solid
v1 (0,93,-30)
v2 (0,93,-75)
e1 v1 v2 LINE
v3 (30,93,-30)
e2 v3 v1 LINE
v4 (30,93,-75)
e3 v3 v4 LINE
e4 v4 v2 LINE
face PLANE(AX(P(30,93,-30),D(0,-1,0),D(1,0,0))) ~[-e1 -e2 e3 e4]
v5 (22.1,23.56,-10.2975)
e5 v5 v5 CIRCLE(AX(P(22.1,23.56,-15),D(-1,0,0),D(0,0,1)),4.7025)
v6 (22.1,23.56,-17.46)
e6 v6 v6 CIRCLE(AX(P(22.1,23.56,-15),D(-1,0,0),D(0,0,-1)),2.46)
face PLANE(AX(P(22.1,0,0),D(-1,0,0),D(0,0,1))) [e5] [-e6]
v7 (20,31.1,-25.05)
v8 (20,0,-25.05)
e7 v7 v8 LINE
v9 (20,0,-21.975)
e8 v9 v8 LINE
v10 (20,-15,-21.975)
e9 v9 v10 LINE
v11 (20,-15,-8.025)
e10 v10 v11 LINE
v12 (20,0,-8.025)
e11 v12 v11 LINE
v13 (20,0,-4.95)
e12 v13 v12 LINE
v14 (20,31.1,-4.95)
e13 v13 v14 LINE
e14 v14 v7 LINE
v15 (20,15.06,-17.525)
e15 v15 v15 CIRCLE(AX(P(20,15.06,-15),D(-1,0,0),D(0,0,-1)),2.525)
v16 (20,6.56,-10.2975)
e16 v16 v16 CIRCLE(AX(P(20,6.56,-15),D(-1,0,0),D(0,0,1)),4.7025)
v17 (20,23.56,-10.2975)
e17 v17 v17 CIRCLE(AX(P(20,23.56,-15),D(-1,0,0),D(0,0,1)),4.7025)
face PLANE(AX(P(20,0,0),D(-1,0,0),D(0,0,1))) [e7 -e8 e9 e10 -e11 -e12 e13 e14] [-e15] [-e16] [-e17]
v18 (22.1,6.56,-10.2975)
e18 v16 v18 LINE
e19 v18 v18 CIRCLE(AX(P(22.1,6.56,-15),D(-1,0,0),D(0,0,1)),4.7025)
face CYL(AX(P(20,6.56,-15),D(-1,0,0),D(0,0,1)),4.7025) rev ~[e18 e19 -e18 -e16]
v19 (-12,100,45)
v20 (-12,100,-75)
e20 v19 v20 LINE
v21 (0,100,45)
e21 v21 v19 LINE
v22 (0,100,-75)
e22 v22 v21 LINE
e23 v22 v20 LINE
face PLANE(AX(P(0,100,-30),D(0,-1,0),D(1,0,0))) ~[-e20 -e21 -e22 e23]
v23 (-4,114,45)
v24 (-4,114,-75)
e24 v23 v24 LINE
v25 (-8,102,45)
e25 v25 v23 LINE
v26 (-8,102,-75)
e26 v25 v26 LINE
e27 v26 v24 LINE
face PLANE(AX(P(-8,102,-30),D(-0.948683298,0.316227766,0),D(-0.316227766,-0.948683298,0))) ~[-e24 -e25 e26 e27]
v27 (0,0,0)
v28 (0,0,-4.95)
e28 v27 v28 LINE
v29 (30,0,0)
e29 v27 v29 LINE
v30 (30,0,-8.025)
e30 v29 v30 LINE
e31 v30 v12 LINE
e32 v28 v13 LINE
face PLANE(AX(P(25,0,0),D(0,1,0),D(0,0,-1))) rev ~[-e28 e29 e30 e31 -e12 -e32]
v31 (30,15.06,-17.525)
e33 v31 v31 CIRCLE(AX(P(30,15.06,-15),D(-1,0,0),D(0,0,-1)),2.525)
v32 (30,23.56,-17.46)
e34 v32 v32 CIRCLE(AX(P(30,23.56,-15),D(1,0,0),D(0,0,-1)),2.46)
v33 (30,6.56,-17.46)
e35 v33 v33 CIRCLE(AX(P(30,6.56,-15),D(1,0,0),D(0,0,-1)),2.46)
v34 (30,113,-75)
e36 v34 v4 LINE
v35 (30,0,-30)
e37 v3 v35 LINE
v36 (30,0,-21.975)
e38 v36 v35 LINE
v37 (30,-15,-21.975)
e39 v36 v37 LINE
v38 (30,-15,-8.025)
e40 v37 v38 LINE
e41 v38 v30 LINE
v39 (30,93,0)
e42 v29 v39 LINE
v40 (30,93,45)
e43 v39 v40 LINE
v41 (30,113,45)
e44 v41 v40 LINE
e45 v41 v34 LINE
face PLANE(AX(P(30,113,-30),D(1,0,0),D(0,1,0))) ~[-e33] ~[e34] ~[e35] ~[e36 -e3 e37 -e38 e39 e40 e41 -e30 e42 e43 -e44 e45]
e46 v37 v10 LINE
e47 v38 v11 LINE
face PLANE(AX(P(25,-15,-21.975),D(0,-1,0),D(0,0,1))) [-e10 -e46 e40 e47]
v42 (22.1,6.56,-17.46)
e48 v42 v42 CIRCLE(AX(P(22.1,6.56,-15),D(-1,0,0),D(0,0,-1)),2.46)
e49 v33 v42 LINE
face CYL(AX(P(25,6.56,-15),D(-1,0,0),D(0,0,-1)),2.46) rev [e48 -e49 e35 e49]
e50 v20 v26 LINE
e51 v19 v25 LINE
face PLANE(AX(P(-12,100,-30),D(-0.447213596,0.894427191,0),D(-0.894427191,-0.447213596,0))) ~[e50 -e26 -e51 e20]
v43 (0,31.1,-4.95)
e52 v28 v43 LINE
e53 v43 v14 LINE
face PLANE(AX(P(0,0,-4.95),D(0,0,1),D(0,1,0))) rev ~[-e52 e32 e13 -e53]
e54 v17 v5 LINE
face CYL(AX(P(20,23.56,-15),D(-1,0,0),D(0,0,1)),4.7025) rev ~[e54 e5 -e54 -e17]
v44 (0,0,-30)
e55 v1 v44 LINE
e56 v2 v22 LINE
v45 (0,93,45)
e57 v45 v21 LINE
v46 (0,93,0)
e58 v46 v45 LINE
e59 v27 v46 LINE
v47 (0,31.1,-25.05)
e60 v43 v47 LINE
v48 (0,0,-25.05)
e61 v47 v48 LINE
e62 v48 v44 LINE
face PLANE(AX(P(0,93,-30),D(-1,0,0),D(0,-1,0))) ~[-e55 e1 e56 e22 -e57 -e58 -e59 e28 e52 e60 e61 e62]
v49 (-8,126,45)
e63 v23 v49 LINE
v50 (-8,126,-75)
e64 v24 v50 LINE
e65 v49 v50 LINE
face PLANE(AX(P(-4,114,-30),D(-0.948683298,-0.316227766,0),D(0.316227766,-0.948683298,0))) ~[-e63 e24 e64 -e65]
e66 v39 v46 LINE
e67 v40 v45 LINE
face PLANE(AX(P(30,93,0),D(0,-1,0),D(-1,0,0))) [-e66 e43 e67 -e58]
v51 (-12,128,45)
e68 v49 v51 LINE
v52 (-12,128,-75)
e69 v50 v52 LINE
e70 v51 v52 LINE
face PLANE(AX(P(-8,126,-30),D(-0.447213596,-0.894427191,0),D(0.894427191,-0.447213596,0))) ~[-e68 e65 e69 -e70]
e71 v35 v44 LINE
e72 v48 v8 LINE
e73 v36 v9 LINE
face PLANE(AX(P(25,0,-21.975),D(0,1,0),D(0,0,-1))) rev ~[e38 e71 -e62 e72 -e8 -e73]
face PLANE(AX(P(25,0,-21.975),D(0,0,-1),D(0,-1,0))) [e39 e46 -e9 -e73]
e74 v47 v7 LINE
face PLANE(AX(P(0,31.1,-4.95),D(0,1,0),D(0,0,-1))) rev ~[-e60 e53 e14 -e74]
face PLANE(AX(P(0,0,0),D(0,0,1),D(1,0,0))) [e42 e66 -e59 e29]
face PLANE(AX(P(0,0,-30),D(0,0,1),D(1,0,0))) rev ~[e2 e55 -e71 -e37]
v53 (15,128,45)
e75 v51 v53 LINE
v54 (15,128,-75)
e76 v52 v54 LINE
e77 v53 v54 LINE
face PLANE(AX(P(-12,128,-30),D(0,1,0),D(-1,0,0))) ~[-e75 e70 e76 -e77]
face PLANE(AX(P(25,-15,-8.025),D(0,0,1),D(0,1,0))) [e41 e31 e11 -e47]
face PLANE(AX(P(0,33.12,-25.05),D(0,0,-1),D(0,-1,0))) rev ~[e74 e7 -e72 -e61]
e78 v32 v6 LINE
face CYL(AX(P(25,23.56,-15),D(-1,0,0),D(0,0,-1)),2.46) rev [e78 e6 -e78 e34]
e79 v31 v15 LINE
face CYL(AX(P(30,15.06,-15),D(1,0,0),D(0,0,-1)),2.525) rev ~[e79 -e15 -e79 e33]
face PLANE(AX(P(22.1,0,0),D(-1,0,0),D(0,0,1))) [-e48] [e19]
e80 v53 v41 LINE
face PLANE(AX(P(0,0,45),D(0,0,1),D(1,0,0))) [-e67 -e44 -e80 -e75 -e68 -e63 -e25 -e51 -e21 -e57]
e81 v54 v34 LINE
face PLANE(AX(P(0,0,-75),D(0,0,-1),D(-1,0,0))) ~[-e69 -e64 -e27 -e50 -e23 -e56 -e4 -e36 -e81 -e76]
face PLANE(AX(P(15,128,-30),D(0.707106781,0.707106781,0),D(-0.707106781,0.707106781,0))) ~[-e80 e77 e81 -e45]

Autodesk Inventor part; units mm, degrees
ref_plane "YZ Plane" through (0, 0, 0) normal (1, 0, 0) x (0, 1, 0)
ref_plane "XZ Plane" through (0, 0, 0) normal (0, 1, 0) x (-1, 0, 0)
sketch "Sketch1" plane through (0, 0, 0) normal (0, 0, 1) x (1, 0, 0)
  line L0 (0, 0) -> (25, 0)
  line L1 (25, 0) -> (25, 40)
  line L2 (25, 40) -> (0, 40)
  line L3 (0, 40) -> (0, 0)
  dimension "d1" = 25
  dimension "d2" = 40
  dimension "d3" = 25
extrude "Extrusion1" add sketch "Sketch1" against normal blind 30
sketch "Sketch2" plane through (25, 0, 0) normal (1, 0, 0) x (0, 0, -1)
  line L0 (0, 0) -> (30, 0) projected
  circle A0 centre (15, 6.56) radius 2.46
extrude "Extrusion2" cut sketch "Sketch2" against normal blind 30
sketch "Sketch3" plane through (0, 0, 0) normal (-1, 0, 0) x (0, 0, 1)
  line L0 (0, 0) -> (-30, 0) projected
  line L1 (-25.05, 0) -> (-4.95, 0)
  line L2 (-4.95, 0) -> (-4.95, 33.12)
  line L3 (-4.95, 33.12) -> (-25.05, 33.12)
  line L4 (-25.05, 33.12) -> (-25.05, 0)
  dimension "d11" = 20.1
extrude "Extrusion3" cut sketch "Sketch3" against normal blind 20
sketch "Sketch4" plane through (0, 0, 0) normal (0, -1, 0) x (1, 0, 0)
  line L0 (20, -4.95) -> (20, -25.05) projected
  line L1 (20, -15) -> (25, -15)
  line L2 (25, 0) -> (25, -30) projected
  line L3 (20, -8.025) -> (25, -8.025)
  line L4 (25, -8.025) -> (25, -21.975)
  line L5 (25, -21.975) -> (20, -21.975)
  line L6 (20, -21.975) -> (20, -8.025)
  line L7 (20, -8.025) -> (25, -21.975) construction
  line L8 (25, -8.025) -> (20, -21.975) construction
  line L9 (25, -12.54) -> (25, -17.46) projected
  point P0 (0, 0)
  point P1 (22.5, -15)
  dimension "d14" = 13.95
extrude "Extrusion4" add sketch "Sketch4" along normal blind 15
sketch "Sketch5" plane through (20, 0, 0) normal (-1, 0, 0) x (0, 0, 1)
  circle A0 centre (-15, 6.56) radius 2.46 projected
  circle A1 centre (-15, 6.56) radius 4.7025
  circle A2 centre (-15, 6.56) radius 2.46 projected
  circle A3 centre (-15, 6.56) radius 2.46
  point P0 (0, 0)
  dimension "d17" = 9.405
extrude "Extrusion5" cut sketch "Sketch5" against normal blind 2.1
sketch "Sketch6" plane through (25, 0, 0) normal (1, 0, 0) x (0, 0, -1)
  circle A0 centre (15, 6.56) radius 4.7025 projected
  line L0 (15, 6.56) -> (15, 23.56)
  circle A1 centre (15, 23.56) radius 2.46
  point P0 (0, 0)
  dimension "d20" = 17
  dimension "d21" = 4.92
extrude "Extrusion6" cut sketch "Sketch6" against normal blind 10 contours A1
sketch "Sketch7" plane through (20, 0, 0) normal (-1, 0, 0) x (0, 0, 1)
  circle A0 centre (-15, 23.56) radius 2.46 projected
  circle A1 centre (-15, 23.56) radius 4.7025
  point P0 (0, 0)
  dimension "d24" = 9.405
extrude "Extrusion7" cut sketch "Sketch7" against normal blind 2.1
sketch "Sketch9" plane through (25, 0, 0) normal (1, 0, 0) x (0, 0, -1)
  circle A0 centre (15, 6.56) radius 2.46 projected
  circle A1 centre (15, 6.56) radius 2.46
  circle A2 centre (15, 23.56) radius 2.46 projected
  circle A3 centre (15, 23.56) radius 2.46
  line L0 (30, 40) -> (30, 0) projected
  line L1 (30, 0) -> (30, 40)
  line L2 (30, 40) -> (0, 40)
  line L3 (0, 40) -> (0, 0)
  line L4 (0, 0) -> (8.025, 0) projected
  line L5 (21.975, 0) -> (21.975, -15)
  line L6 (21.975, -15) -> (8.025, -15)
  line L7 (8.025, -15) -> (8.025, 0)
  line L8 (0, 0) -> (8.025, 0)
  line L9 (21.975, 0) -> (30, 0)
extrude "Extrusion8" add sketch "Sketch9" along normal blind 5
sketch "Sketch10" plane through (0, 40, 0) normal (0, 1, 0) x (1, 0, 0)
  line L0 (0, 30) -> (30, 30) projected
  line L1 (30, 0) -> (0, 0) projected
  line L2 (0, 30) -> (30, 30)
  line L3 (30, 30) -> (30, 0)
  line L4 (30, 0) -> (0, 0)
  line L5 (0, 0) -> (0, 30)
extrude "Extrusion9" add sketch "Sketch10" along normal blind 30
sketch "Sketch12" plane through (30, 0, 0) normal (1, 0, 0) x (0, 0, -1)
  circle A0 centre (15, 6.56) radius 2.46 projected
  line L0 (15, 6.56) -> (15, 15.06)
  circle A1 centre (15, 15.06) radius 2.525
  point P0 (0, 0)
  dimension "d31" = 8.5
  dimension "d33" = 5.05
extrude "Extrusion10" cut sketch "Sketch12" against normal blind 30 contours A1
sketch "Sketch14" plane through (0, 0, 0) normal (0, 0, 1) x (1, 0, 0)
  line L0 (30, 70) -> (0, 70) projected
  line L1 (0, 70) -> (0, 85)
  line L2 (30, 0) -> (30, 70) projected
  line L3 (30, 113) -> (30, 70)
  line L4 (30, 105) -> (30, 100)
  line L5 (-12, 128) -> (15, 128)
  line L6 (-8, 126) -> (-12, 128)
  line L7 (-8, 126) -> (-4, 114)
  line L8 (-8, 102) -> (-12, 100)
  line L9 (-8, 102) -> (-4, 114)
  line L10 (30, 113) -> (15, 128)
  line L11 (0, 100) -> (-12, 100)
  line L12 (0, 100) -> (0, 85)
  point P0 (0, 0)
  dimension "d69" = 28
  dimension "d74" = 12
extrude "Extrusion12" add sketch "Sketch14" against normal blind 30
sketch "Sketch15" plane through (0, 0, -25.05) normal (-1, 0, 0) x (0, 0, 1)
  line L0 (0, 33.12) -> (20.1, 33.12) projected
  line L1 (20.1, 33.12) -> (20.1, 0) projected
  line L2 (0, 33.12) -> (20.1, 33.12)
  line L3 (20.1, 33.12) -> (20.1, 31.1)
  line L4 (20.1, 31.1) -> (0, 31.1)
  line L5 (0, 31.1) -> (0, 33.12)
  point P0 (25.05, 0)
  dimension "d57" = 2.02
extrude "Extrusion13" add sketch "Sketch15" against normal blind 20
sketch "Sketch21" plane through (0, 0, 0) normal (0, 0, 1) x (1, 0, 0)
  line L0 (0, 100) -> (-12, 100) projected
  line L1 (0, 100) -> (-12, 100)
  line L2 (-12, 100) -> (-8, 102) projected
  line L3 (-12, 100) -> (-8, 102)
  line L4 (-8, 102) -> (-4, 114) projected
  line L5 (-8, 102) -> (-4, 114)
  line L6 (-4, 114) -> (-8, 126) projected
  line L7 (-4, 114) -> (-8, 126)
  line L8 (-8, 126) -> (-12, 128) projected
  line L9 (-8, 126) -> (-12, 128)
  line L10 (-12, 128) -> (15, 128) projected
  line L11 (-12, 128) -> (15, 128)
  line L12 (15, 128) -> (30, 113) projected
  line L13 (15, 128) -> (30, 113)
  line L14 (30, 113) -> (30, 93)
  line L15 (30, 0) -> (30, 113) projected
  line L16 (30, 93) -> (0, 93)
  line L17 (0, 93) -> (0, 100)
  point P0 (0, 0)
  dimension "d75" = 20
  dimension "d76" = 30
extrude "Extrusion14" add sketch "Sketch21" along normal blind 45
ref_plane "Work Plane1" through (0, 0, -15) normal (0, 0, 1) x (1, 0, 0)
mirror "Mirror1" about plane through (0, 0, -15) normal (0, 0, 1) of "Extrusion14"
properties part number "rec_b_24mm_x_120mm"
